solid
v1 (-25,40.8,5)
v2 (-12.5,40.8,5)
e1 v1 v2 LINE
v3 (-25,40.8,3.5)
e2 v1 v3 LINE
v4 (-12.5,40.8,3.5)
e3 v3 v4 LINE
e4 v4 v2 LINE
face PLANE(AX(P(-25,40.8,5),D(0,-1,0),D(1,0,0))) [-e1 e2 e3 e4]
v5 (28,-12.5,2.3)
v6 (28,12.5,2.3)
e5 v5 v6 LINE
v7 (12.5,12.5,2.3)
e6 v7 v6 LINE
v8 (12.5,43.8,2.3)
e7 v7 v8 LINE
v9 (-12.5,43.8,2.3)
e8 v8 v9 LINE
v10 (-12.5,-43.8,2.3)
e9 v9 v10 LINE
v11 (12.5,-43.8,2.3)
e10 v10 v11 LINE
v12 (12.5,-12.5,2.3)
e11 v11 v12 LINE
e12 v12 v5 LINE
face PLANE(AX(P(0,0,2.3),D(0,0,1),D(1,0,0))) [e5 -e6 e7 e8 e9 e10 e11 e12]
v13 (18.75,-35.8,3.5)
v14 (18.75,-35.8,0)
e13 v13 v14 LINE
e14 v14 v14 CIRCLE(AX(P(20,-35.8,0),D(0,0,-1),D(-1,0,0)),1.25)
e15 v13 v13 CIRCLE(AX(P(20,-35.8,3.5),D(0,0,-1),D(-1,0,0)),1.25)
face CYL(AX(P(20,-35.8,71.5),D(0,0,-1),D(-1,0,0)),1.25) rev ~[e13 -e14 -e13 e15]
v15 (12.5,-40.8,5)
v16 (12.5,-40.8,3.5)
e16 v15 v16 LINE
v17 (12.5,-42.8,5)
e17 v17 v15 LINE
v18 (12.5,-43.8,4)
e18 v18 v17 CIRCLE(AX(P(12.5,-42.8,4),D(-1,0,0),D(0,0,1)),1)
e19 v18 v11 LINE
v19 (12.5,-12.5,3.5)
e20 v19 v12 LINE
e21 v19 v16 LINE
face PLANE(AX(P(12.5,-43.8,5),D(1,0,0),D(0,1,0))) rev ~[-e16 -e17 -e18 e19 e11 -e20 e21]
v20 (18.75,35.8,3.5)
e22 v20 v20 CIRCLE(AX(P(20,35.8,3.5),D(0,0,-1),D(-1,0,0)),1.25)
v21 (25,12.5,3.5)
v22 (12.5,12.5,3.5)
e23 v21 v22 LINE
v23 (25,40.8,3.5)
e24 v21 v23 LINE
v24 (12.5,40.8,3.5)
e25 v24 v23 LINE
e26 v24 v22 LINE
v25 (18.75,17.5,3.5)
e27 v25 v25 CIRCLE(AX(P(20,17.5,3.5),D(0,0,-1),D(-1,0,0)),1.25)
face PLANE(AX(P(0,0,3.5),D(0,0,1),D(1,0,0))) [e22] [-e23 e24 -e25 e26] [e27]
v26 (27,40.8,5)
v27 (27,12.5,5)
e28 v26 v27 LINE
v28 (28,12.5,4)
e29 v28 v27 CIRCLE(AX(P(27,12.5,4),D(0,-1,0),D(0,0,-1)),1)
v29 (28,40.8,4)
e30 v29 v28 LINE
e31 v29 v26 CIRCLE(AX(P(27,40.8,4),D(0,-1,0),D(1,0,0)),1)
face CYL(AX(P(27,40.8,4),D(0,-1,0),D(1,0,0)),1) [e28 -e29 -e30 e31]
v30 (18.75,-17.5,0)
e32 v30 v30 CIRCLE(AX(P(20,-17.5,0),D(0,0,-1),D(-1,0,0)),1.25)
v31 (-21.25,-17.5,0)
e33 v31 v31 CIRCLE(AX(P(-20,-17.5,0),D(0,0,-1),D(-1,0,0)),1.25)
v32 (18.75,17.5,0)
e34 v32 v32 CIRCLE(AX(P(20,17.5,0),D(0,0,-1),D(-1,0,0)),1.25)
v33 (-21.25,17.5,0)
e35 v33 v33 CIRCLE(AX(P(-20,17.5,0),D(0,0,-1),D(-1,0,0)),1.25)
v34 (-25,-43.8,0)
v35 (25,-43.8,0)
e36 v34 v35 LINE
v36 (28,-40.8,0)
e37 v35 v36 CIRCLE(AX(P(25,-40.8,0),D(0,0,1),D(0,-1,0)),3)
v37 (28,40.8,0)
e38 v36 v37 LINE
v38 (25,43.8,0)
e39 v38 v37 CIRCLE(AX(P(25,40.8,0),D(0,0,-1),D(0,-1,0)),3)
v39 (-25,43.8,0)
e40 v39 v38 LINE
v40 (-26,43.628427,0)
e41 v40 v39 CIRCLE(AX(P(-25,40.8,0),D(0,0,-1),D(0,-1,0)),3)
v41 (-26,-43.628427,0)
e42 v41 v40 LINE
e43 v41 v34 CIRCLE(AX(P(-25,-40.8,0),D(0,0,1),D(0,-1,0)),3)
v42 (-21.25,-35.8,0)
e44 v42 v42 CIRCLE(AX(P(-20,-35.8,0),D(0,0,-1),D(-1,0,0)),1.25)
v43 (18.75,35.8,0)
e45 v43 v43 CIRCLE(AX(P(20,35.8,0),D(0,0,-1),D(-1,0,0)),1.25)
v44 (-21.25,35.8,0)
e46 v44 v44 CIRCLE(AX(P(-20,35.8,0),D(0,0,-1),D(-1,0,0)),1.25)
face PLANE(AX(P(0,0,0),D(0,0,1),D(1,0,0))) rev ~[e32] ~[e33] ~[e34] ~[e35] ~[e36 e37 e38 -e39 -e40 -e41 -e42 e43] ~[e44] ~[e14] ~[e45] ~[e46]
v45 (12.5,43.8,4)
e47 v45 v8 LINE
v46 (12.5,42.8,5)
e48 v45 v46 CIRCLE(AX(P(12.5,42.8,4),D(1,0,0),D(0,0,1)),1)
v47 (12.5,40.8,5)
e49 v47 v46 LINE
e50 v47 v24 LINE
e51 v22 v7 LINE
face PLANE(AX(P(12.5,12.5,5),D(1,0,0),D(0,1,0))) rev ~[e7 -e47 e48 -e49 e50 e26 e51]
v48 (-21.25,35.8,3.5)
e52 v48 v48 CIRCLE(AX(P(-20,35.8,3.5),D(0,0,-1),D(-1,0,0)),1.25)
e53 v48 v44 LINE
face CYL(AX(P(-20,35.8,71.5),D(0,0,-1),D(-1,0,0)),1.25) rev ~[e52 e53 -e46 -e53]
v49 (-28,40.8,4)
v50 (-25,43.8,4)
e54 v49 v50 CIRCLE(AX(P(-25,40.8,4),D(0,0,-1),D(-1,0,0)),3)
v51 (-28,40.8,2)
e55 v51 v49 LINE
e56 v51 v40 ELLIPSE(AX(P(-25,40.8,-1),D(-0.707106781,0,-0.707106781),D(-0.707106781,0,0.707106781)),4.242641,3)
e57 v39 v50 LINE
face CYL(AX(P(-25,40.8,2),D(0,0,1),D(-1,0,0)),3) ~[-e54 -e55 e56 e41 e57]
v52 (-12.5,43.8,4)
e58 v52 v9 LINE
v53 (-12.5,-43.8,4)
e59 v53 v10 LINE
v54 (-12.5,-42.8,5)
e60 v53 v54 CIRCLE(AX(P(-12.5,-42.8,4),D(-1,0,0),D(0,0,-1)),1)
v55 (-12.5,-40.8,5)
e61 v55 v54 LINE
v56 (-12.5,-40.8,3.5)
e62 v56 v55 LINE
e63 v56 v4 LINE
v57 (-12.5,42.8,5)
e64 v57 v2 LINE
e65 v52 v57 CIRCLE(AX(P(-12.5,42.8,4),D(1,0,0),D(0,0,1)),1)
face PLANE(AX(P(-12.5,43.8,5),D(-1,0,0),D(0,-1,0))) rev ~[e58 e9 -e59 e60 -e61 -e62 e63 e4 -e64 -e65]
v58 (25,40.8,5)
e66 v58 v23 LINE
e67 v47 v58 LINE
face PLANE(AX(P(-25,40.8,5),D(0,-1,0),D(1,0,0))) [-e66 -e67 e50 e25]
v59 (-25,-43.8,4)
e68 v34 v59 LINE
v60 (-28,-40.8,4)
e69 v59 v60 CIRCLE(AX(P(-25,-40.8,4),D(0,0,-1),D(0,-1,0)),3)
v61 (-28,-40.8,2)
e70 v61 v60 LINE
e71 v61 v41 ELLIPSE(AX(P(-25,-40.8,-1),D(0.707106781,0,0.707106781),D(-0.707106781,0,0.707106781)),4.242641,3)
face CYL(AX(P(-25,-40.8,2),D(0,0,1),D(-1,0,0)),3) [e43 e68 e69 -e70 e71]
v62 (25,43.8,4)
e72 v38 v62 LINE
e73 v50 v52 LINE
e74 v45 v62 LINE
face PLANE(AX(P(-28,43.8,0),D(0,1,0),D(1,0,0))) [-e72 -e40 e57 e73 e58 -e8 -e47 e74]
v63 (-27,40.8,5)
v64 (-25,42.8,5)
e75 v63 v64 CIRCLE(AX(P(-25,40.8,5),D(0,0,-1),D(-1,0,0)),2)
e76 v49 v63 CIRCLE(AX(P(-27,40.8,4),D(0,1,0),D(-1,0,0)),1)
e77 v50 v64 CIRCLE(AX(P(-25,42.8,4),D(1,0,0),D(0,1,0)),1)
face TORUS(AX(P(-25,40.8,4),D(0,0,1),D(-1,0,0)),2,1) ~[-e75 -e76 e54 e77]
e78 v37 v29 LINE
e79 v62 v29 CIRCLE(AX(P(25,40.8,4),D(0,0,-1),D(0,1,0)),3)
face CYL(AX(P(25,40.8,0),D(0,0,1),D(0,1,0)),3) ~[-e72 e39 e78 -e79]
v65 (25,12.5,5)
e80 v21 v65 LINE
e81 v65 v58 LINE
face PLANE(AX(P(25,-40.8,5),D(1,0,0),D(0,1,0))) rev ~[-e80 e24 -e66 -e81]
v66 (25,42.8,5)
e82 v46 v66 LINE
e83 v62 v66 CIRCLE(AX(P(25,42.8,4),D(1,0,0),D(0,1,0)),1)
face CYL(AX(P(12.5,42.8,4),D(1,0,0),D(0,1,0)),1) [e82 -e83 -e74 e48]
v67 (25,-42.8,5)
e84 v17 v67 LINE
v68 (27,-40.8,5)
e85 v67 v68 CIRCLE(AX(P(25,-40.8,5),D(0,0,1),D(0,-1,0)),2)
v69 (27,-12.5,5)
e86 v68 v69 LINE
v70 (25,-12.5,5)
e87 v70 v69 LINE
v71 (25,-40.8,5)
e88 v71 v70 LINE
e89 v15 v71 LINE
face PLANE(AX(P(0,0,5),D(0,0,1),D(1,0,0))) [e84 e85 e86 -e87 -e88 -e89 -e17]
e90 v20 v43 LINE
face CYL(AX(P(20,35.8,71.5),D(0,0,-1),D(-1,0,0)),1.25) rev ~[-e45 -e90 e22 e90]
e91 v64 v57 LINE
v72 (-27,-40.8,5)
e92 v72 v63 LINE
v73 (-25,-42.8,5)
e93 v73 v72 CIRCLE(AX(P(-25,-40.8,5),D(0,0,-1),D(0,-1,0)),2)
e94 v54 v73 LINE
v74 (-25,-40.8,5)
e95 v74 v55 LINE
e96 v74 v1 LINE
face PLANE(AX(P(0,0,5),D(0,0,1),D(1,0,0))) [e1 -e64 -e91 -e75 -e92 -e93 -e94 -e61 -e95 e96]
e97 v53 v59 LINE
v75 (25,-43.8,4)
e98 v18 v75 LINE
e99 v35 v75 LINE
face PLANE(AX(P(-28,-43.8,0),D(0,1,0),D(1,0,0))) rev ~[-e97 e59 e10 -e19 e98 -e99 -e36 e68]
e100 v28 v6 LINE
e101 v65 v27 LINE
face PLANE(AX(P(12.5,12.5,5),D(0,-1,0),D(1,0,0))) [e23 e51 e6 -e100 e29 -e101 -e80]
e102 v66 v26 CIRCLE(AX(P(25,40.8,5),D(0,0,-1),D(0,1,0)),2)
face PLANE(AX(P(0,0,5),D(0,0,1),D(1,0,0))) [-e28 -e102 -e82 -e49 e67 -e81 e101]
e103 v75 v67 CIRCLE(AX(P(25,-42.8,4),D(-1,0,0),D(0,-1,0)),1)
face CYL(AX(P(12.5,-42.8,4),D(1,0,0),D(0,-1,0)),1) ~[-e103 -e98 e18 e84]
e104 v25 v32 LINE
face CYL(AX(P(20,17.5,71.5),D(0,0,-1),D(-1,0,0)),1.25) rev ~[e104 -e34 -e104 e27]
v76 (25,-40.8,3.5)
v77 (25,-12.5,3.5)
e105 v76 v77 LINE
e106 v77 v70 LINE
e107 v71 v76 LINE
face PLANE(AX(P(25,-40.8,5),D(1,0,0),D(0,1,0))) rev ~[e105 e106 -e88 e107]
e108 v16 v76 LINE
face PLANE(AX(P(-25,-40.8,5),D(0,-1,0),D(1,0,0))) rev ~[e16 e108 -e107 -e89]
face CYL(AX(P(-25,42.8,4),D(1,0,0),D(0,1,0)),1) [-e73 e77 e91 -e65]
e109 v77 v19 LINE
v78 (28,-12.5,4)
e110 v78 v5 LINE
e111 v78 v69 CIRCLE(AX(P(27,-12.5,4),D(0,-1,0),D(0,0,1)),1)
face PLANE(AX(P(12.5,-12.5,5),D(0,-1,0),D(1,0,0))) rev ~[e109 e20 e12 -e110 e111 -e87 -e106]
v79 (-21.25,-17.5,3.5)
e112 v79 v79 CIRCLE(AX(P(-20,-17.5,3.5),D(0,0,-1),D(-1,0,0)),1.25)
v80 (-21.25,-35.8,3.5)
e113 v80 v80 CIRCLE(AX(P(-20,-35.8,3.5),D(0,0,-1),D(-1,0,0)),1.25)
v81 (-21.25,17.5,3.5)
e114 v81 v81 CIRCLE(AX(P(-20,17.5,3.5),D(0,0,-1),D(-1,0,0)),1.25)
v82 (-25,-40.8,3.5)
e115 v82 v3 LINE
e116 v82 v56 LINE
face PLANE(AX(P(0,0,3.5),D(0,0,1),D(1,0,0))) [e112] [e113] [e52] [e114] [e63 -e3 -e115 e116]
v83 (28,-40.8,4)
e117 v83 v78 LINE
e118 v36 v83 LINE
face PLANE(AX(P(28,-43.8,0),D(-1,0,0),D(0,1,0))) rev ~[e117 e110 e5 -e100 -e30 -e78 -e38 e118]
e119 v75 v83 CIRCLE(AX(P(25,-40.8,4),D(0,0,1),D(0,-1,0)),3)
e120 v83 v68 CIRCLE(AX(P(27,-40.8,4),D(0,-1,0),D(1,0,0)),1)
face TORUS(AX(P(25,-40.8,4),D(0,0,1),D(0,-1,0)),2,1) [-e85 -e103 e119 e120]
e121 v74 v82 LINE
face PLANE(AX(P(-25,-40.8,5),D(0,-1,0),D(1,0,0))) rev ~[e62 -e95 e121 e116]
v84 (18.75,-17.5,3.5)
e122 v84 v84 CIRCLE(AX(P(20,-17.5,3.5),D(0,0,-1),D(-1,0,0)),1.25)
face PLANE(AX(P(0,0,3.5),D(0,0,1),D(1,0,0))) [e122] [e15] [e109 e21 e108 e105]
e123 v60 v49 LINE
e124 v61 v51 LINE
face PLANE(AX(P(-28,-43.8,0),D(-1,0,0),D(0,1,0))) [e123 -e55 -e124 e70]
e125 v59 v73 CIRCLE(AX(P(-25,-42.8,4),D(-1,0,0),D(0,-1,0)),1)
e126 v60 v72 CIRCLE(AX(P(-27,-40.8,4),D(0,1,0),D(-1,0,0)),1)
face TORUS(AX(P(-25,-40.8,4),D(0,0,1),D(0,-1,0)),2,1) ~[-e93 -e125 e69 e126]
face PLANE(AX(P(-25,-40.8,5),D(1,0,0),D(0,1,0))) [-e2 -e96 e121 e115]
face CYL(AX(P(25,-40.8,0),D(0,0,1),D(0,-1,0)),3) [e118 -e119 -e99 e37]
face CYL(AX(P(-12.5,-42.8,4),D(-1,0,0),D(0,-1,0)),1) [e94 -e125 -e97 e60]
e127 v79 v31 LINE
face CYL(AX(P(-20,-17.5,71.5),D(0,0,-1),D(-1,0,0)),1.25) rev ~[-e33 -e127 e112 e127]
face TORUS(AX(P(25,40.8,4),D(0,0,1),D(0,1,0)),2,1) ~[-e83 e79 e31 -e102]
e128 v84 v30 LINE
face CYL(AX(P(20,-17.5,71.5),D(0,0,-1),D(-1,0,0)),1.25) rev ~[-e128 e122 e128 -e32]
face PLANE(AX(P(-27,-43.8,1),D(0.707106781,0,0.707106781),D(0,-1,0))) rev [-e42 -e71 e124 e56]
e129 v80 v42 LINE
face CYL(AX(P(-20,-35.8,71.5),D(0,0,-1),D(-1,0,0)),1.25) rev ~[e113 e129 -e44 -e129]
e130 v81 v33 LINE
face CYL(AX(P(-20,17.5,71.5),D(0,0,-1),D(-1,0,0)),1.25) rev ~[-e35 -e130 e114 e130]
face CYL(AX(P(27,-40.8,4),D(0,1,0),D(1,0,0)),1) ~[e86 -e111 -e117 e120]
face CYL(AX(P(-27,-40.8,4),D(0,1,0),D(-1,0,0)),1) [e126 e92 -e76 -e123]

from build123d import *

# Parameters (mm, degrees)
F0_W      = 56
F0_H      = 87.6
F1_DEPTH  = 5
F2_SIZE   = 2
F3_W      = 15.5
F3_H      = 25
F4_DEPTH  = 2.7
F5_R      = 3
F7_W      = 50
F7_H      = 81.6
F8_DEPTH  = 1.5
F9_R      = 1
F10_D     = 2.5
F10_DEPTH = 68
F10_START = 1.5
F10_TIP   = 0.7510757738


with BuildPart() as f1:
    # F0 (on Top) → F1 (new body)
    with BuildSketch(Plane.XY):
        Rectangle(F0_W, F0_H)
    extrude(amount=F1_DEPTH)

    # F2
    f2_edges = [f1.edges().sort_by_distance(p)[0] for p in [
        (-28, 0, 0),
    ]]
    chamfer(f2_edges, length=F2_SIZE)

    # F3 (on face) → F4 (cut)
    with BuildSketch(Plane.XY.offset(5)):
        Polygon((12.5, 43.8), (-12.5, 43.8), (-12.5, -43.8), (12.5, -43.8), (12.5, -12.5), (12.5, 12.5), align=None)
        with Locations((20.25, 0)):
            Rectangle(F3_W, F3_H)
    extrude(amount=-F4_DEPTH, mode=Mode.SUBTRACT)

    # F5
    f5_edges = [f1.edges().sort_by_distance(p)[0] for p in [
        (-28, 43.8, 3.5),
        (-28, -43.8, 3.5),
        (28, -43.8, 2.5),
        (28, 43.8, 2.5),
    ]]
    fillet(f5_edges, radius=F5_R)

    # F7 (on offset) → F8 (cut)
    with BuildSketch(Plane.XY.offset(5)):
        Rectangle(F7_W, F7_H)
    extrude(amount=-F8_DEPTH, mode=Mode.SUBTRACT)

    # F9
    f9_edges = [f1.edges().sort_by_distance(p)[0] for p in [
        (-27.12132, 42.92132, 5),
        (27.12132, 42.92132, 5),
        (18.75, 43.8, 5),
        (-18.75, 43.8, 5),
        (-28, 0, 5),
        (-18.75, -43.8, 5),
        (27.12132, -42.92132, 5),
    ]]
    fillet(f9_edges, radius=F9_R)

    # F10
    # its depths count from where the whole tool has entered the part; down to there all is cleared
    with Locations(Plane.XY.offset(5).offset(-F10_START)):
        with Locations((-20, 35.8), (20, 35.8), (20, 17.5), (20, -17.5), (20, -35.8), (-20, -35.8), (-20, 17.5), (-20, -17.5)):
            Hole(F10_D / 2, depth=F10_DEPTH)
            with Locations((0, 0, -(F10_DEPTH + F10_TIP / 2))):  # 118° drill point
                Cone(0, F10_D / 2, F10_TIP, mode=Mode.SUBTRACT)


solid = f1.part
